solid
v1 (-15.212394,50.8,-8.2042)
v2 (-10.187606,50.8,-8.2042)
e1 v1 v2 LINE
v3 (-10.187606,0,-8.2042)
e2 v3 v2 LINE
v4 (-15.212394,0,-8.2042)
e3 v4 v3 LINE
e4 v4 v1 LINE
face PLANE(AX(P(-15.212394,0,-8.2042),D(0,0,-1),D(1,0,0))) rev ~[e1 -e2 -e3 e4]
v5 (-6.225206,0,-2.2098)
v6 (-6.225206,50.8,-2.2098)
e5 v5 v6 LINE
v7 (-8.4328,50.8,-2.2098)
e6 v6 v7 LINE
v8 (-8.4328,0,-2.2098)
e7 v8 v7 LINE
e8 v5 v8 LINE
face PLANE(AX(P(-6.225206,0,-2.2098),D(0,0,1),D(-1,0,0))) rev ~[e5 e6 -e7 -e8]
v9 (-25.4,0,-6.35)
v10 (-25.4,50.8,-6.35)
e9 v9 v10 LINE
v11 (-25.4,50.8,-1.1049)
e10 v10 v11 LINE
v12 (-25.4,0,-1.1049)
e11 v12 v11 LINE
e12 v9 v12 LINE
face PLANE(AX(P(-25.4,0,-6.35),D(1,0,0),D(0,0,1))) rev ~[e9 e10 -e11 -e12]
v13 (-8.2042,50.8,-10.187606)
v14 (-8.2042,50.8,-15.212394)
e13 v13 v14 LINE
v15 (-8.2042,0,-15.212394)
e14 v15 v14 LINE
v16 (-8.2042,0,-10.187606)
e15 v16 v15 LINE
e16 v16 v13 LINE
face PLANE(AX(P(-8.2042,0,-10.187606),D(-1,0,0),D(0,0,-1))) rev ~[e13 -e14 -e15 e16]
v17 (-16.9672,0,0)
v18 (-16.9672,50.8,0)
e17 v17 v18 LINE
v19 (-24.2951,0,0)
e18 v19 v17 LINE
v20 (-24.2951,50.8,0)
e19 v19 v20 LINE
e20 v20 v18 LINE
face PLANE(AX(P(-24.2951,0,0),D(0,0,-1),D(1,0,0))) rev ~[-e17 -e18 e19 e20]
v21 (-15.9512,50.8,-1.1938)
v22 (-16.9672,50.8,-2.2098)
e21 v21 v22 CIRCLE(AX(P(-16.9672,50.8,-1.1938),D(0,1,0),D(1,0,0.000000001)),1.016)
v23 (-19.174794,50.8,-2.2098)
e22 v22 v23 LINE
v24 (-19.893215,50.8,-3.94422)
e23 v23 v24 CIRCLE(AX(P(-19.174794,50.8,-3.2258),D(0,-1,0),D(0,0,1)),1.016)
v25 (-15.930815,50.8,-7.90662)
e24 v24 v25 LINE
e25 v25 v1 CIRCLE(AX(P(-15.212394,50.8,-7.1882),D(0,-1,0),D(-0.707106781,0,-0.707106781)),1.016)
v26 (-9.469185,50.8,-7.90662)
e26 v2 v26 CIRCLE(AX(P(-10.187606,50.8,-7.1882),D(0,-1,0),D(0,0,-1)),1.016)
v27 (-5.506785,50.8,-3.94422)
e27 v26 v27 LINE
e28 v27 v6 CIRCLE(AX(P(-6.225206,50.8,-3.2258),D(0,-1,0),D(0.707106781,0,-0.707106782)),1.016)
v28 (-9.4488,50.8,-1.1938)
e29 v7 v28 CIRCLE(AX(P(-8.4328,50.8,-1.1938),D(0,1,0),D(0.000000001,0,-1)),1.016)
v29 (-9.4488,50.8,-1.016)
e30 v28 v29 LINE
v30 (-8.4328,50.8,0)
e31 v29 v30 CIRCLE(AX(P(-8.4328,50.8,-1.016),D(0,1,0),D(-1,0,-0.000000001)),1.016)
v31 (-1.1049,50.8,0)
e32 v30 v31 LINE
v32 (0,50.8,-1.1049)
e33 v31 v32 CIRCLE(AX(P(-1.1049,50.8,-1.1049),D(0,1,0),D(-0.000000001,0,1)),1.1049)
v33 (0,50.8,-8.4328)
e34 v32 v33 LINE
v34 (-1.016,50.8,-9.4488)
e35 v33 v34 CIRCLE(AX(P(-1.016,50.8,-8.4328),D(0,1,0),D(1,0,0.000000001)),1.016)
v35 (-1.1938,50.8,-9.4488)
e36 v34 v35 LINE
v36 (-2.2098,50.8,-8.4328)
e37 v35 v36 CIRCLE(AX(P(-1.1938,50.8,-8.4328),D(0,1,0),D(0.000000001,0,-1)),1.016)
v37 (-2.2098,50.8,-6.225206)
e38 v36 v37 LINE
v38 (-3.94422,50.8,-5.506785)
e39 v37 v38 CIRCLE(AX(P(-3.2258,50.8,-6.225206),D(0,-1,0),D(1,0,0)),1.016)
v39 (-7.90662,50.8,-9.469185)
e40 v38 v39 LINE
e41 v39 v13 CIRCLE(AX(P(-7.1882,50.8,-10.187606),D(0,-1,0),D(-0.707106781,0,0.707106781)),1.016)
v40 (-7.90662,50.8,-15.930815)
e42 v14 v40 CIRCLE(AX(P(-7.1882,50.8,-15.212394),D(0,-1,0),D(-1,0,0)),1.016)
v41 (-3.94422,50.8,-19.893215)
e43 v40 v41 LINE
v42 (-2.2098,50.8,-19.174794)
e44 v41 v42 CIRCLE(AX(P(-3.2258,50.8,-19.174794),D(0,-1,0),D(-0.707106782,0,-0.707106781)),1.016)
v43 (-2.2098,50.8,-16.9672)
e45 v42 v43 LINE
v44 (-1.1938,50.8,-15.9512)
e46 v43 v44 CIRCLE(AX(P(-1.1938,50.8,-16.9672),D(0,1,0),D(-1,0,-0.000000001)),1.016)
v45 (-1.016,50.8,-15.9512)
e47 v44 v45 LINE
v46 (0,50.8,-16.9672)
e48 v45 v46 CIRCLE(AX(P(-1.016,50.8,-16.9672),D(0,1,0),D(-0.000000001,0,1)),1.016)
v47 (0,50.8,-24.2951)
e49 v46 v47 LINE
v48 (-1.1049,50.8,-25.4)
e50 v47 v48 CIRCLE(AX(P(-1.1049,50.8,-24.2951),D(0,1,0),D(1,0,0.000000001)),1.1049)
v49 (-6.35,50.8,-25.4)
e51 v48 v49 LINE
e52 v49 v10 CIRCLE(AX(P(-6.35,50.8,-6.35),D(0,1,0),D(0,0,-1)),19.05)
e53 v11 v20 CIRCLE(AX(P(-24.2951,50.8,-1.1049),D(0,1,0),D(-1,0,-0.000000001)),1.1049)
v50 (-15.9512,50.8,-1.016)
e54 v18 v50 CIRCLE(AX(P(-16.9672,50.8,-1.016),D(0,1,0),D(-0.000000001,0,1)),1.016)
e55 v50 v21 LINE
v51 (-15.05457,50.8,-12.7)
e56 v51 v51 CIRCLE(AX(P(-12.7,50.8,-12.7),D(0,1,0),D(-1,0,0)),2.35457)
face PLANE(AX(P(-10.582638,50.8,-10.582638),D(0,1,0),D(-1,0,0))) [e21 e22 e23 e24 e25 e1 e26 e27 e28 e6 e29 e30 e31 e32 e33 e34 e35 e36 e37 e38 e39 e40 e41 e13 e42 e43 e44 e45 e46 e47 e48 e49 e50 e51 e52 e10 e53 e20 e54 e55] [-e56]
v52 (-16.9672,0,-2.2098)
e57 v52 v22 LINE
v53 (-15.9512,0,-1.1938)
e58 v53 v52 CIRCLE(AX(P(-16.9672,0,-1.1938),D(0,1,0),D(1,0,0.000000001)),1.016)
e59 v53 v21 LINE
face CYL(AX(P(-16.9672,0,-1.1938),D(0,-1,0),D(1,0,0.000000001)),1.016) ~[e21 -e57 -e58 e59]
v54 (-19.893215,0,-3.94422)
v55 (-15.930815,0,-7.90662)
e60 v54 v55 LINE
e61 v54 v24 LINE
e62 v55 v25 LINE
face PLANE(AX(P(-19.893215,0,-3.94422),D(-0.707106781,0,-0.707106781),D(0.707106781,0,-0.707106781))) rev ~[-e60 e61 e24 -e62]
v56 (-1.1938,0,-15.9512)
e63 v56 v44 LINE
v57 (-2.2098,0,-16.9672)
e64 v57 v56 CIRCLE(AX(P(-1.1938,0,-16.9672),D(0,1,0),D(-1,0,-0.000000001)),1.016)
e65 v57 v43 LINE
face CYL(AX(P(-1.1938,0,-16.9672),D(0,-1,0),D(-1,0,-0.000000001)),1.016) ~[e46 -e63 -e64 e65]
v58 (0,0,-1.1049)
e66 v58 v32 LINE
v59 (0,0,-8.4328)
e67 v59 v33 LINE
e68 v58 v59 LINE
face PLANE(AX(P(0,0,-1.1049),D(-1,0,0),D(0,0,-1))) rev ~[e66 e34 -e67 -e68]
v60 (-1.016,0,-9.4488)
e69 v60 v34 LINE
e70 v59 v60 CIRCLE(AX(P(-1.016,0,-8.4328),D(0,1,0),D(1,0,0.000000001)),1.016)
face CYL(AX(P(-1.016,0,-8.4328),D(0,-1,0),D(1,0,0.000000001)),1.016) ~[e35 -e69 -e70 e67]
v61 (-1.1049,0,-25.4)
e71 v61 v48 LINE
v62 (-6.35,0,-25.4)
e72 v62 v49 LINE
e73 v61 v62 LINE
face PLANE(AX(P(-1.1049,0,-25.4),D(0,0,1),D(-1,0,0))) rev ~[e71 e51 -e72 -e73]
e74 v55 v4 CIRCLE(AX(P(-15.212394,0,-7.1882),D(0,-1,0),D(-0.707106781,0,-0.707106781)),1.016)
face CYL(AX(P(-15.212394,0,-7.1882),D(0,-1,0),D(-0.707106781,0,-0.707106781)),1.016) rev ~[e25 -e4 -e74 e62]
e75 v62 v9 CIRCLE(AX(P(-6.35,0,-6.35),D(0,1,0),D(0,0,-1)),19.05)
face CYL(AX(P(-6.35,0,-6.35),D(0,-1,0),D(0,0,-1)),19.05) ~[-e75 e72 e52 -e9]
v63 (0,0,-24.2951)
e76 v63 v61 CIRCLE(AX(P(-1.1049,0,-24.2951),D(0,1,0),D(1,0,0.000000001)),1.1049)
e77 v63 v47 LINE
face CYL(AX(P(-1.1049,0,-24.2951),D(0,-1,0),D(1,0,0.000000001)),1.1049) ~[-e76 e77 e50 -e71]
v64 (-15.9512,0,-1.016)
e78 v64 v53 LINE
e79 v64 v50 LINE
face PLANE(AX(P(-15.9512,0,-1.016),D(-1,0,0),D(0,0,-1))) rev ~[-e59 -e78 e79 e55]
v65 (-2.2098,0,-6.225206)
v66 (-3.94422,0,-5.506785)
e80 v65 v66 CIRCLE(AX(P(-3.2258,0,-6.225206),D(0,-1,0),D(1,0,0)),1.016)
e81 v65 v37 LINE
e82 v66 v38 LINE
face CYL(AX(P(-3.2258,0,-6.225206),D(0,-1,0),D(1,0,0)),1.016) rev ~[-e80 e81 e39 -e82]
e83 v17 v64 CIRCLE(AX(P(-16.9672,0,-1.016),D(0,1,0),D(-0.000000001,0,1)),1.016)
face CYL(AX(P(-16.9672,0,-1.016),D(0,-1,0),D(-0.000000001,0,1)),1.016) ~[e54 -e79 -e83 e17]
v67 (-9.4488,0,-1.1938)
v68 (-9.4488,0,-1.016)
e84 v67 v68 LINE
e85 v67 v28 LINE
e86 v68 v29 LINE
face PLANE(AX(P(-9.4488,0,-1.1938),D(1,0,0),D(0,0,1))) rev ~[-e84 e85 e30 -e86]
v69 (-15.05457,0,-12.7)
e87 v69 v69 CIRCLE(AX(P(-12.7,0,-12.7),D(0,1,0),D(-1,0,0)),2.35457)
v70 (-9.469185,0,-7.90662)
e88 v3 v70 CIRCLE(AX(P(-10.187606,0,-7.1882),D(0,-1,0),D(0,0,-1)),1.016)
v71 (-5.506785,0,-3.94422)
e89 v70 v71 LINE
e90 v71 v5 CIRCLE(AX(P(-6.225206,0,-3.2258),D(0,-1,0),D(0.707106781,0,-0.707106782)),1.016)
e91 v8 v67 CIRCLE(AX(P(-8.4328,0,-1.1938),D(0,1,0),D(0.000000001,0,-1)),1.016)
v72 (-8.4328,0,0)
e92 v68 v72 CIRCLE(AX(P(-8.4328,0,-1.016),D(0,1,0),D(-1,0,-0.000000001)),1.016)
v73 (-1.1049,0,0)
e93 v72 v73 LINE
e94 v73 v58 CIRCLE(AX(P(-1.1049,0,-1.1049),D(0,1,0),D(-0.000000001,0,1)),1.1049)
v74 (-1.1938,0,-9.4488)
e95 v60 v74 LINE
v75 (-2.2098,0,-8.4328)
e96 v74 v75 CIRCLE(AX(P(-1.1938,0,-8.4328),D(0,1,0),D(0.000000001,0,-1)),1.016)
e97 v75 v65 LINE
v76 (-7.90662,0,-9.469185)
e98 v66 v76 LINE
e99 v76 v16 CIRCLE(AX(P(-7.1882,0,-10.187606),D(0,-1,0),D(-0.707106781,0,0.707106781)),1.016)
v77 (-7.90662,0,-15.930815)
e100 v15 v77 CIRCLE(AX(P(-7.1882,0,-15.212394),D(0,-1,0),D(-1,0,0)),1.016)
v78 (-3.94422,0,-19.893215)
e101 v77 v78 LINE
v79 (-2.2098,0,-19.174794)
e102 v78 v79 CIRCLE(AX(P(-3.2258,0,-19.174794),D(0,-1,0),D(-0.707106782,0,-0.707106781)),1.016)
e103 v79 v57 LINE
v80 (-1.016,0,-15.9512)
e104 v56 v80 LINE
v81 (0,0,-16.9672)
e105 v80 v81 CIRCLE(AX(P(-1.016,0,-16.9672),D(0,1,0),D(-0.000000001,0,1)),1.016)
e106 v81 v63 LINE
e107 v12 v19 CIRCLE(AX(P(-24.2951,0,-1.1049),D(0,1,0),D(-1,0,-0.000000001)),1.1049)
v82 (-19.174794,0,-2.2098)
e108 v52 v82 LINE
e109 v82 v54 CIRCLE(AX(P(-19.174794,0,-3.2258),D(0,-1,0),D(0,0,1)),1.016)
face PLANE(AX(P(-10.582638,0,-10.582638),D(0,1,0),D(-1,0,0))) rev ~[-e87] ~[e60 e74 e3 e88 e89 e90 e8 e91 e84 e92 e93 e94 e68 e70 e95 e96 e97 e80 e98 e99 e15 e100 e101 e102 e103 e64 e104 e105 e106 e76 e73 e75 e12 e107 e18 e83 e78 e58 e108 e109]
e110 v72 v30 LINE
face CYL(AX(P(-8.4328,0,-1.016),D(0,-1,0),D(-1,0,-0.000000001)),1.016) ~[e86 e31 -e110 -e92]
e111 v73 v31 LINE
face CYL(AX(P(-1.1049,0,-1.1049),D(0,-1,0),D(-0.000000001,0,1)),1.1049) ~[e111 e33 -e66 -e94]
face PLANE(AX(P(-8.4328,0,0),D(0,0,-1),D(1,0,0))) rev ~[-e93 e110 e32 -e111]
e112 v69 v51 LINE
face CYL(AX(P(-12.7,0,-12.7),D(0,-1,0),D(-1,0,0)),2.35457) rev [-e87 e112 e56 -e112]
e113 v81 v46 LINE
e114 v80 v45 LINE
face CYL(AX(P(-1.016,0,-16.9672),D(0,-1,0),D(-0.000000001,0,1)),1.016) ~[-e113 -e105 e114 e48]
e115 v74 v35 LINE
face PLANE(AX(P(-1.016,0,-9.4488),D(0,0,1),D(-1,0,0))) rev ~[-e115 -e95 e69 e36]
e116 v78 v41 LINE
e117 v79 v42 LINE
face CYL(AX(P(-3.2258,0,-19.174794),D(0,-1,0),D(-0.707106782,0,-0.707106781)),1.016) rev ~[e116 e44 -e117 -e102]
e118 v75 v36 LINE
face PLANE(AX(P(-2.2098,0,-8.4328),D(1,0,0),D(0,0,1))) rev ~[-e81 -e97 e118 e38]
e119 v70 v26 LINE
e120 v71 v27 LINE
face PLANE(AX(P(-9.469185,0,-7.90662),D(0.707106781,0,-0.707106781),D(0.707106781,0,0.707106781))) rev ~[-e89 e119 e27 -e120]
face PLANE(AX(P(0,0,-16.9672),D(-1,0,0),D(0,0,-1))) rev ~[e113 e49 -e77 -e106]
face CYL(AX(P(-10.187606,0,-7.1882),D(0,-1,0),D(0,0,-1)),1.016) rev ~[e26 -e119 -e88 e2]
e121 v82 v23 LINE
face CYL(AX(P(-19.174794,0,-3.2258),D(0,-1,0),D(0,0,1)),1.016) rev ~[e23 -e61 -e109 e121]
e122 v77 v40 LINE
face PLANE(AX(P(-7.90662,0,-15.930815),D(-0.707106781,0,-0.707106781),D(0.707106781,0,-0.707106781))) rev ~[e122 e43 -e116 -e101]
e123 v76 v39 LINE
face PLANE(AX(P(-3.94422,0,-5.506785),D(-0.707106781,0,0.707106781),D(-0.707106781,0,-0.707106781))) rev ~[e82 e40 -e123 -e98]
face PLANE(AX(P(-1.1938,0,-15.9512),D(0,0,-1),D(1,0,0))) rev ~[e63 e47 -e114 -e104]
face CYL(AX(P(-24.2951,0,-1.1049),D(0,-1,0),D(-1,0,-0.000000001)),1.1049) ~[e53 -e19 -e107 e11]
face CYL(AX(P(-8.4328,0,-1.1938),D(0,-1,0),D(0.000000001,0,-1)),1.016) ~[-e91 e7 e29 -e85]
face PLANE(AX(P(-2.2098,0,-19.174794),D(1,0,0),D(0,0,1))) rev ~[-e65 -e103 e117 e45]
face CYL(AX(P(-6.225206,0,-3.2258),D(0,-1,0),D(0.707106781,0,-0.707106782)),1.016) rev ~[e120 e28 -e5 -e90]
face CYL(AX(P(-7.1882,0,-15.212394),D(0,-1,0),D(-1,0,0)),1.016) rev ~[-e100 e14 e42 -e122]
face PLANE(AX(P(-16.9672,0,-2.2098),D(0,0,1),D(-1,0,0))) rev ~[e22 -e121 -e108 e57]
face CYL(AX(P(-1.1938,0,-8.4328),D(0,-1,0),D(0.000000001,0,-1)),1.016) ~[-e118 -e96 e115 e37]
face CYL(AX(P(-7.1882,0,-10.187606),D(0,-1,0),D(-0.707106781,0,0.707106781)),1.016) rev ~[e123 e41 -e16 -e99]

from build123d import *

# Parameters (mm, degrees)
SKETCH11_R               = 2.354570308
MEMBER_10_1012_S_1_DEPTH = 50.8


with BuildPart() as part:
    # Sketch11 → Member 10 1012-S_1 (new body)
    with BuildSketch(Plane(origin=(0, 0, 0), x_dir=(-1, 0, 0), z_dir=(0, 1, 0))):
        with BuildLine():
            Line((24.2951, 0), (16.9672, 0))
            ThreePointArc((16.9672, 0), (16.24877951, -0.29757951), (15.9512, -1.016))
            Line((15.9512, -1.016), (15.9512, -1.1938))
            ThreePointArc((15.9512, -1.1938), (16.24877951, -1.91222049), (16.9672, -2.2098))
            Line((16.9672, -2.2098), (19.174794456, -2.2098))
            ThreePointArc((19.174794456, -2.2098), (20.113456061, -2.836993633), (19.893214945, -3.94422049))
            Line((19.893214945, -3.94422049), (15.930814945, -7.90662049))
            ThreePointArc((15.930814945, -7.90662049), (15.601200823, -8.126861605), (15.212394456, -8.2042))
            Line((15.212394456, -8.2042), (10.187605544, -8.2042))
            ThreePointArc((10.187605544, -8.2042), (9.798799177, -8.126861605), (9.469185055, -7.90662049))
            Line((9.469185055, -7.90662049), (5.506785055, -3.94422049))
            ThreePointArc((5.506785055, -3.94422049), (5.286543939, -2.836993633), (6.225205544, -2.2098))
            Line((6.225205544, -2.2098), (8.4328, -2.2098))
            ThreePointArc((8.4328, -2.2098), (9.15122049, -1.91222049), (9.4488, -1.1938))
            Line((9.4488, -1.1938), (9.4488, -1.016))
            ThreePointArc((9.4488, -1.016), (9.15122049, -0.29757951), (8.4328, 0))
            Line((8.4328, 0), (1.1049, 0))
            ThreePointArc((1.1049, 0), (0.323617717, -0.323617717), (0, -1.1049))
            Line((0, -1.1049), (0, -8.4328))
            ThreePointArc((0, -8.4328), (0.29757951, -9.15122049), (1.016, -9.4488))
            Line((1.016, -9.4488), (1.1938, -9.4488))
            ThreePointArc((1.1938, -9.4488), (1.91222049, -9.15122049), (2.2098, -8.4328))
            Line((2.2098, -8.4328), (2.2098, -6.225205544))
            ThreePointArc((2.2098, -6.225205544), (2.836993633, -5.286543939), (3.94422049, -5.506785055))
            Line((3.94422049, -5.506785055), (7.90662049, -9.469185055))
            ThreePointArc((7.90662049, -9.469185055), (8.126861605, -9.798799177), (8.2042, -10.187605544))
            Line((8.2042, -10.187605544), (8.2042, -15.212394456))
            ThreePointArc((8.2042, -15.212394456), (8.126861605, -15.601200823), (7.90662049, -15.930814945))
            Line((7.90662049, -15.930814945), (3.94422049, -19.893214945))
            ThreePointArc((3.94422049, -19.893214945), (2.836993633, -20.113456061), (2.2098, -19.174794456))
            Line((2.2098, -19.174794456), (2.2098, -16.9672))
            ThreePointArc((2.2098, -16.9672), (1.91222049, -16.24877951), (1.1938, -15.9512))
            Line((1.1938, -15.9512), (1.016, -15.9512))
            ThreePointArc((1.016, -15.9512), (0.29757951, -16.24877951), (0, -16.9672))
            Line((0, -16.9672), (0, -24.2951))
            ThreePointArc((0, -24.2951), (0.323617717, -25.076382283), (1.1049, -25.4))
            Line((1.1049, -25.4), (6.35, -25.4))
            ThreePointArc((6.35, -25.4), (19.820384182, -19.820384182), (25.4, -6.35))
            Line((25.4, -6.35), (25.4, -1.1049))
            ThreePointArc((25.4, -1.1049), (25.076382283, -0.323617717), (24.2951, 0))
        make_face()
        with Locations((12.7, -12.7)):
            Circle(SKETCH11_R, mode=Mode.SUBTRACT)
    extrude(amount=MEMBER_10_1012_S_1_DEPTH)


solid = part.part
